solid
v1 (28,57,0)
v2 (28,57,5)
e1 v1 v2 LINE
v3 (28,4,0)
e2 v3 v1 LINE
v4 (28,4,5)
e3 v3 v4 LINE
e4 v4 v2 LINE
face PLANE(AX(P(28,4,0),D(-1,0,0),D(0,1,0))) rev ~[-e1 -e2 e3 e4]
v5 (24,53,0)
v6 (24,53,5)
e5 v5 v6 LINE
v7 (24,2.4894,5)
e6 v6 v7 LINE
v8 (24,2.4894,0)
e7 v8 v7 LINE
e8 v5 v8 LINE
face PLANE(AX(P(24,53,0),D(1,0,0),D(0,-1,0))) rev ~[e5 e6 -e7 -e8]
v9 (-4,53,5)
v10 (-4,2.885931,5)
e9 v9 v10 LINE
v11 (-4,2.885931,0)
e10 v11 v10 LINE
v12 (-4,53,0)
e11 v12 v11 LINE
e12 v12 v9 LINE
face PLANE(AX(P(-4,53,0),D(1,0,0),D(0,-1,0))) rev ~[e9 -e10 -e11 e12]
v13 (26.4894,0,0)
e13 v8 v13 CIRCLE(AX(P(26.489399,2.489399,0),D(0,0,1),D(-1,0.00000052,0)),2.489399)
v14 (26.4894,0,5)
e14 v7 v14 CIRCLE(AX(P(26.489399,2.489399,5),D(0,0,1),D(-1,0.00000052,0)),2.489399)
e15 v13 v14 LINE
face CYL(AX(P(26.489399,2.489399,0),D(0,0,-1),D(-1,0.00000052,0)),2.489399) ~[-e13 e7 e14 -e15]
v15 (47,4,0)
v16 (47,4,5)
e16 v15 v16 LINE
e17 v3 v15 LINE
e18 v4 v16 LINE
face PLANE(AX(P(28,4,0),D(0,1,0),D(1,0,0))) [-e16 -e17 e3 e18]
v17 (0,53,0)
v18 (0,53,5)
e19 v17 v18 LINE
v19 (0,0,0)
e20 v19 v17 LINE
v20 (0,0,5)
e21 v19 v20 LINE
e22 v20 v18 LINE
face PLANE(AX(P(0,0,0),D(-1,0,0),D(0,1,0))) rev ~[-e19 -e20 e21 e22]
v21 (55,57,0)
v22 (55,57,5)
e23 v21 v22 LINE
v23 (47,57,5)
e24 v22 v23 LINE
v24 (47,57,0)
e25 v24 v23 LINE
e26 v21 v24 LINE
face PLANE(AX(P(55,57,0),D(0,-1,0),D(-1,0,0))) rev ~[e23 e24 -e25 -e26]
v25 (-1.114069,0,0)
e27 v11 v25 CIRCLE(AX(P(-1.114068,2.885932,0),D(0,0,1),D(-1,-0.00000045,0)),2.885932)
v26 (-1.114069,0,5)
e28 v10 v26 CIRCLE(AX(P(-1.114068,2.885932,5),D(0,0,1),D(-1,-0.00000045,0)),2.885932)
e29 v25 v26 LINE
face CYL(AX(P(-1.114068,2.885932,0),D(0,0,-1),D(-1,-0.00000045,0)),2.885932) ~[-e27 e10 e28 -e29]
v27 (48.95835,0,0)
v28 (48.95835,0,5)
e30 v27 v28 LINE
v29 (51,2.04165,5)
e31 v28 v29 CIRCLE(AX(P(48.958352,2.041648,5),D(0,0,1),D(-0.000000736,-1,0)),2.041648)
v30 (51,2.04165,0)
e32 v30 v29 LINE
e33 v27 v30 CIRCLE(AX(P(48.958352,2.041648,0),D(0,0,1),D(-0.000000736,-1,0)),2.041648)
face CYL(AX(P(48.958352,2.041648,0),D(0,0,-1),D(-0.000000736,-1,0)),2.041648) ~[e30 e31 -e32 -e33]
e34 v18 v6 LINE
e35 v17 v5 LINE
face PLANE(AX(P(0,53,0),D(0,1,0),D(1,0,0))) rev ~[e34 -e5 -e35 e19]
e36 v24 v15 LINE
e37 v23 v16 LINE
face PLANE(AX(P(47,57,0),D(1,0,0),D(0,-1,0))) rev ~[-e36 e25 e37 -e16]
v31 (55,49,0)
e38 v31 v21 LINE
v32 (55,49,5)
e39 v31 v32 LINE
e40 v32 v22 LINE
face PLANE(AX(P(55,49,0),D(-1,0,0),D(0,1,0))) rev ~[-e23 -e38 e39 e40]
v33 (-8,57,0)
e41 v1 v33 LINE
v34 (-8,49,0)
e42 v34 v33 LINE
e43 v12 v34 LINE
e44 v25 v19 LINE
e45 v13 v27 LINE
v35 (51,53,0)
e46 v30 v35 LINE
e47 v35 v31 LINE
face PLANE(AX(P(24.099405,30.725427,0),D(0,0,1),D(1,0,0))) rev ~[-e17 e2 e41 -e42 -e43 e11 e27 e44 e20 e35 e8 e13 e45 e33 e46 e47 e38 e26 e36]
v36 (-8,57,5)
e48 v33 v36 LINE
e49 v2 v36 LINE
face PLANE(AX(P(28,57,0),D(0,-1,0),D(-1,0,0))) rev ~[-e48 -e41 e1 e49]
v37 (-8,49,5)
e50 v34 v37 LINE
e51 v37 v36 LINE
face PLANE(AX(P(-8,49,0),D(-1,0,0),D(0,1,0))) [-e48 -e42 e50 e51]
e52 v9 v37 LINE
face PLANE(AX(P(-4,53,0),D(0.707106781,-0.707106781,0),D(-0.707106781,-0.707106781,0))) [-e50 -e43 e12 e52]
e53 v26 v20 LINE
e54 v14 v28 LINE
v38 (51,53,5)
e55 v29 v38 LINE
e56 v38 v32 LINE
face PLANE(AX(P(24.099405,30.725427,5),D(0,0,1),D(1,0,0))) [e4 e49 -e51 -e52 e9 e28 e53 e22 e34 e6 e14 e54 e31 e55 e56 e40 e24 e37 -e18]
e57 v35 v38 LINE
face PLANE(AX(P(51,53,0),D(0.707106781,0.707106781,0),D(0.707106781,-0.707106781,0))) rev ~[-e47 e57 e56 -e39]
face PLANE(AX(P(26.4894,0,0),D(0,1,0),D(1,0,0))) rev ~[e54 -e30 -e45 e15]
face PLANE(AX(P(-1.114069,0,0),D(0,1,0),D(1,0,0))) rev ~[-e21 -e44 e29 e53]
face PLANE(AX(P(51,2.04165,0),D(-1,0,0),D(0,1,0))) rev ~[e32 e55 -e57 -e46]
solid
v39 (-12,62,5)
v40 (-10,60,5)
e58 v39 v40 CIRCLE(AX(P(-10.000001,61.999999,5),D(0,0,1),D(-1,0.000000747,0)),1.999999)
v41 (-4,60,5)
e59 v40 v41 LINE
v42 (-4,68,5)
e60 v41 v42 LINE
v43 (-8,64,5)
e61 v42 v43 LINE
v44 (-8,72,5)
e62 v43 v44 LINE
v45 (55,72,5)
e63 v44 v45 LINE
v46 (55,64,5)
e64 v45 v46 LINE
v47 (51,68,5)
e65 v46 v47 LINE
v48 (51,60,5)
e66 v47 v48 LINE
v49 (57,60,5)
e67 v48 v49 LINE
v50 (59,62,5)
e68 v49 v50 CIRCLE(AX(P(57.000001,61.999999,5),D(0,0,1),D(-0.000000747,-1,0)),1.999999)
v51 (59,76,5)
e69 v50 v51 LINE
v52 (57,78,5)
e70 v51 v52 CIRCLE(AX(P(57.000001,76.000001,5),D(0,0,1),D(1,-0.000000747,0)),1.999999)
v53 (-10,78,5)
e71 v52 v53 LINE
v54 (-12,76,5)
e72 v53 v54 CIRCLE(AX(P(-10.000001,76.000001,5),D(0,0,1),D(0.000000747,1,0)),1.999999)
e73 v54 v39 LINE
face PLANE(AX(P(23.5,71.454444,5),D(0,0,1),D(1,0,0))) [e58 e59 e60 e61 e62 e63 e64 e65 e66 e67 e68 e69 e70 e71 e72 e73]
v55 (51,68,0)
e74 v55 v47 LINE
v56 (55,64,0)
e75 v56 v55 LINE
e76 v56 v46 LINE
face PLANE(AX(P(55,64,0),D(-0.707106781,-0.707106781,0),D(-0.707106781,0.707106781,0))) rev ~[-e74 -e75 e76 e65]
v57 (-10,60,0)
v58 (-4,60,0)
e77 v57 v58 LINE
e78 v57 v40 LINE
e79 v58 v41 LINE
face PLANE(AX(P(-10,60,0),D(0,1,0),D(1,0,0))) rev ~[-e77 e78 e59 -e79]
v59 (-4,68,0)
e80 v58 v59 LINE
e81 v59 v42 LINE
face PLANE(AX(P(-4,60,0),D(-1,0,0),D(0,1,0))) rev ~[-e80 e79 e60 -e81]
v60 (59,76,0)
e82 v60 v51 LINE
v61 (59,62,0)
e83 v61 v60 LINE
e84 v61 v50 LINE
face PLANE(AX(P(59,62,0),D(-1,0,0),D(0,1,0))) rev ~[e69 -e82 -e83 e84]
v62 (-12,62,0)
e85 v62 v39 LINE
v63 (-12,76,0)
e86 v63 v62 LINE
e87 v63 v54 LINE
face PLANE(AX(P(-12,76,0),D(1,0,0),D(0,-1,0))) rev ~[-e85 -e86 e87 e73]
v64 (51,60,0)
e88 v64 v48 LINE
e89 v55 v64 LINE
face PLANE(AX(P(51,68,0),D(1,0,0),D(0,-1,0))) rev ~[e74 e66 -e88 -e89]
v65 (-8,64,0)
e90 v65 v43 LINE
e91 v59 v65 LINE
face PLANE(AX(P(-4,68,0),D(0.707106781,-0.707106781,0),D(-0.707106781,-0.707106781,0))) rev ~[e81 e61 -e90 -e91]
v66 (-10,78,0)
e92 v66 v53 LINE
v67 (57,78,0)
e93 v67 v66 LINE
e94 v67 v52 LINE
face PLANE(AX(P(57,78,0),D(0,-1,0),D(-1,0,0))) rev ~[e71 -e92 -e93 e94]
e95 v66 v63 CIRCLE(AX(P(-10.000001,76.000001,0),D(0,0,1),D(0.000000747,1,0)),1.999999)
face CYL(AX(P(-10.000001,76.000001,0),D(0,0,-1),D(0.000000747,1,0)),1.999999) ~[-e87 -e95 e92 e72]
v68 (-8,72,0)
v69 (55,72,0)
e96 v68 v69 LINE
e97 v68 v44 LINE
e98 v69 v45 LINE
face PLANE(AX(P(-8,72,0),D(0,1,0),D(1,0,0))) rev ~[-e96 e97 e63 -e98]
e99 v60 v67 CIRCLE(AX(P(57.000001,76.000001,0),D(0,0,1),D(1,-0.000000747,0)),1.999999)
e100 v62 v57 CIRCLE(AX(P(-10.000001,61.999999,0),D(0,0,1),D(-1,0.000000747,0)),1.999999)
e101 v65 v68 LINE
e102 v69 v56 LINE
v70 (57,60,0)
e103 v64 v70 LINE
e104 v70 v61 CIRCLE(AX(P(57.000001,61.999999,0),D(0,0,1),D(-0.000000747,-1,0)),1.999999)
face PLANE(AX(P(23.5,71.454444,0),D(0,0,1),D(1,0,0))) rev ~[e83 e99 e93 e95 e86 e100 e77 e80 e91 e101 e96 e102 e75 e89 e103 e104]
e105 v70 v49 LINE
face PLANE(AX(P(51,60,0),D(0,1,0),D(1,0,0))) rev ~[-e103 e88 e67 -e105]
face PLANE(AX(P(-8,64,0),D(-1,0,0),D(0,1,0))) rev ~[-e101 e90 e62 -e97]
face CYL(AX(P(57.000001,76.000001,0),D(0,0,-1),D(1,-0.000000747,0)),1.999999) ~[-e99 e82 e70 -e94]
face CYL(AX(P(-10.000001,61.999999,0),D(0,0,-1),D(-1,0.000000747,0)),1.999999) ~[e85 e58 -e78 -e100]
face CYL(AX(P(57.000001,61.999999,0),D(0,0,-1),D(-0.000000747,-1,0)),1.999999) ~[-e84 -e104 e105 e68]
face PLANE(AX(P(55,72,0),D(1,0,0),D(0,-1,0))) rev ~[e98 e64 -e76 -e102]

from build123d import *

# Parameters (mm, degrees)
PAD_DEPTH    = 5
PAD001_DEPTH = 5


with BuildPart() as body0000:
    # Sketch → Pad (new body)
    with BuildSketch(Plane.XY):
        with BuildLine():
            Line((0, 0), (0, 53))
            Line((0, 53), (24, 53))
            Line((24, 53), (24, 2.4894))
            ThreePointArc((24, 2.4894), (24.729128, 0.729128), (26.4894, 0))
            Line((26.4894, 0), (48.95835, 0))
            ThreePointArc((48.95835, 0), (50.402015, 0.597985), (51, 2.04165))
            Line((51, 2.04165), (51, 53))
            Line((51, 53), (55, 49))
            Line((55, 49), (55, 57))
            Line((55, 57), (50.996145, 57))
            Line((50.996145, 57), (47, 57))
            Line((47, 57), (47, 4))
            Line((28, 4), (47, 4))
            Line((28, 4), (28, 57))
            Line((28, 57), (-4, 57))
            Line((-8, 57), (-4, 57))
            Line((-8, 49), (-8, 57))
            Line((-4, 53), (-8, 49))
            Line((-4, 53), (-4, 2.885931))
            ThreePointArc((-4, 2.885931), (-3.15473, 0.84527), (-1.114069, 0))
            Line((-1.114069, 0), (0, 0))
        make_face()
    extrude(amount=PAD_DEPTH)


with BuildPart() as body001:
    # Sketch001 → Pad001 (new body)
    with BuildSketch(Plane.XY):
        with BuildLine():
            Line((-8, 72), (55, 72))
            Line((55, 72), (55, 64))
            Line((55, 64), (51, 68))
            Line((51, 68), (51, 60))
            Line((51, 60), (57, 60))
            ThreePointArc((57, 60), (58.414214, 60.585786), (59, 62))
            Line((59, 62), (59, 76))
            ThreePointArc((59, 76), (58.414214, 77.414214), (57, 78))
            Line((57, 78), (-10, 78))
            ThreePointArc((-10, 78), (-11.414214, 77.414214), (-12, 76))
            Line((-12, 76), (-12, 62))
            ThreePointArc((-12, 62), (-11.414214, 60.585786), (-10, 60))
            Line((-10, 60), (-4, 60))
            Line((-4, 60), (-4, 68))
            Line((-4, 68), (-8, 64))
            Line((-8, 64), (-8, 72))
        make_face()
    extrude(amount=PAD001_DEPTH)


solid = Compound([body0000.part, body001.part])
